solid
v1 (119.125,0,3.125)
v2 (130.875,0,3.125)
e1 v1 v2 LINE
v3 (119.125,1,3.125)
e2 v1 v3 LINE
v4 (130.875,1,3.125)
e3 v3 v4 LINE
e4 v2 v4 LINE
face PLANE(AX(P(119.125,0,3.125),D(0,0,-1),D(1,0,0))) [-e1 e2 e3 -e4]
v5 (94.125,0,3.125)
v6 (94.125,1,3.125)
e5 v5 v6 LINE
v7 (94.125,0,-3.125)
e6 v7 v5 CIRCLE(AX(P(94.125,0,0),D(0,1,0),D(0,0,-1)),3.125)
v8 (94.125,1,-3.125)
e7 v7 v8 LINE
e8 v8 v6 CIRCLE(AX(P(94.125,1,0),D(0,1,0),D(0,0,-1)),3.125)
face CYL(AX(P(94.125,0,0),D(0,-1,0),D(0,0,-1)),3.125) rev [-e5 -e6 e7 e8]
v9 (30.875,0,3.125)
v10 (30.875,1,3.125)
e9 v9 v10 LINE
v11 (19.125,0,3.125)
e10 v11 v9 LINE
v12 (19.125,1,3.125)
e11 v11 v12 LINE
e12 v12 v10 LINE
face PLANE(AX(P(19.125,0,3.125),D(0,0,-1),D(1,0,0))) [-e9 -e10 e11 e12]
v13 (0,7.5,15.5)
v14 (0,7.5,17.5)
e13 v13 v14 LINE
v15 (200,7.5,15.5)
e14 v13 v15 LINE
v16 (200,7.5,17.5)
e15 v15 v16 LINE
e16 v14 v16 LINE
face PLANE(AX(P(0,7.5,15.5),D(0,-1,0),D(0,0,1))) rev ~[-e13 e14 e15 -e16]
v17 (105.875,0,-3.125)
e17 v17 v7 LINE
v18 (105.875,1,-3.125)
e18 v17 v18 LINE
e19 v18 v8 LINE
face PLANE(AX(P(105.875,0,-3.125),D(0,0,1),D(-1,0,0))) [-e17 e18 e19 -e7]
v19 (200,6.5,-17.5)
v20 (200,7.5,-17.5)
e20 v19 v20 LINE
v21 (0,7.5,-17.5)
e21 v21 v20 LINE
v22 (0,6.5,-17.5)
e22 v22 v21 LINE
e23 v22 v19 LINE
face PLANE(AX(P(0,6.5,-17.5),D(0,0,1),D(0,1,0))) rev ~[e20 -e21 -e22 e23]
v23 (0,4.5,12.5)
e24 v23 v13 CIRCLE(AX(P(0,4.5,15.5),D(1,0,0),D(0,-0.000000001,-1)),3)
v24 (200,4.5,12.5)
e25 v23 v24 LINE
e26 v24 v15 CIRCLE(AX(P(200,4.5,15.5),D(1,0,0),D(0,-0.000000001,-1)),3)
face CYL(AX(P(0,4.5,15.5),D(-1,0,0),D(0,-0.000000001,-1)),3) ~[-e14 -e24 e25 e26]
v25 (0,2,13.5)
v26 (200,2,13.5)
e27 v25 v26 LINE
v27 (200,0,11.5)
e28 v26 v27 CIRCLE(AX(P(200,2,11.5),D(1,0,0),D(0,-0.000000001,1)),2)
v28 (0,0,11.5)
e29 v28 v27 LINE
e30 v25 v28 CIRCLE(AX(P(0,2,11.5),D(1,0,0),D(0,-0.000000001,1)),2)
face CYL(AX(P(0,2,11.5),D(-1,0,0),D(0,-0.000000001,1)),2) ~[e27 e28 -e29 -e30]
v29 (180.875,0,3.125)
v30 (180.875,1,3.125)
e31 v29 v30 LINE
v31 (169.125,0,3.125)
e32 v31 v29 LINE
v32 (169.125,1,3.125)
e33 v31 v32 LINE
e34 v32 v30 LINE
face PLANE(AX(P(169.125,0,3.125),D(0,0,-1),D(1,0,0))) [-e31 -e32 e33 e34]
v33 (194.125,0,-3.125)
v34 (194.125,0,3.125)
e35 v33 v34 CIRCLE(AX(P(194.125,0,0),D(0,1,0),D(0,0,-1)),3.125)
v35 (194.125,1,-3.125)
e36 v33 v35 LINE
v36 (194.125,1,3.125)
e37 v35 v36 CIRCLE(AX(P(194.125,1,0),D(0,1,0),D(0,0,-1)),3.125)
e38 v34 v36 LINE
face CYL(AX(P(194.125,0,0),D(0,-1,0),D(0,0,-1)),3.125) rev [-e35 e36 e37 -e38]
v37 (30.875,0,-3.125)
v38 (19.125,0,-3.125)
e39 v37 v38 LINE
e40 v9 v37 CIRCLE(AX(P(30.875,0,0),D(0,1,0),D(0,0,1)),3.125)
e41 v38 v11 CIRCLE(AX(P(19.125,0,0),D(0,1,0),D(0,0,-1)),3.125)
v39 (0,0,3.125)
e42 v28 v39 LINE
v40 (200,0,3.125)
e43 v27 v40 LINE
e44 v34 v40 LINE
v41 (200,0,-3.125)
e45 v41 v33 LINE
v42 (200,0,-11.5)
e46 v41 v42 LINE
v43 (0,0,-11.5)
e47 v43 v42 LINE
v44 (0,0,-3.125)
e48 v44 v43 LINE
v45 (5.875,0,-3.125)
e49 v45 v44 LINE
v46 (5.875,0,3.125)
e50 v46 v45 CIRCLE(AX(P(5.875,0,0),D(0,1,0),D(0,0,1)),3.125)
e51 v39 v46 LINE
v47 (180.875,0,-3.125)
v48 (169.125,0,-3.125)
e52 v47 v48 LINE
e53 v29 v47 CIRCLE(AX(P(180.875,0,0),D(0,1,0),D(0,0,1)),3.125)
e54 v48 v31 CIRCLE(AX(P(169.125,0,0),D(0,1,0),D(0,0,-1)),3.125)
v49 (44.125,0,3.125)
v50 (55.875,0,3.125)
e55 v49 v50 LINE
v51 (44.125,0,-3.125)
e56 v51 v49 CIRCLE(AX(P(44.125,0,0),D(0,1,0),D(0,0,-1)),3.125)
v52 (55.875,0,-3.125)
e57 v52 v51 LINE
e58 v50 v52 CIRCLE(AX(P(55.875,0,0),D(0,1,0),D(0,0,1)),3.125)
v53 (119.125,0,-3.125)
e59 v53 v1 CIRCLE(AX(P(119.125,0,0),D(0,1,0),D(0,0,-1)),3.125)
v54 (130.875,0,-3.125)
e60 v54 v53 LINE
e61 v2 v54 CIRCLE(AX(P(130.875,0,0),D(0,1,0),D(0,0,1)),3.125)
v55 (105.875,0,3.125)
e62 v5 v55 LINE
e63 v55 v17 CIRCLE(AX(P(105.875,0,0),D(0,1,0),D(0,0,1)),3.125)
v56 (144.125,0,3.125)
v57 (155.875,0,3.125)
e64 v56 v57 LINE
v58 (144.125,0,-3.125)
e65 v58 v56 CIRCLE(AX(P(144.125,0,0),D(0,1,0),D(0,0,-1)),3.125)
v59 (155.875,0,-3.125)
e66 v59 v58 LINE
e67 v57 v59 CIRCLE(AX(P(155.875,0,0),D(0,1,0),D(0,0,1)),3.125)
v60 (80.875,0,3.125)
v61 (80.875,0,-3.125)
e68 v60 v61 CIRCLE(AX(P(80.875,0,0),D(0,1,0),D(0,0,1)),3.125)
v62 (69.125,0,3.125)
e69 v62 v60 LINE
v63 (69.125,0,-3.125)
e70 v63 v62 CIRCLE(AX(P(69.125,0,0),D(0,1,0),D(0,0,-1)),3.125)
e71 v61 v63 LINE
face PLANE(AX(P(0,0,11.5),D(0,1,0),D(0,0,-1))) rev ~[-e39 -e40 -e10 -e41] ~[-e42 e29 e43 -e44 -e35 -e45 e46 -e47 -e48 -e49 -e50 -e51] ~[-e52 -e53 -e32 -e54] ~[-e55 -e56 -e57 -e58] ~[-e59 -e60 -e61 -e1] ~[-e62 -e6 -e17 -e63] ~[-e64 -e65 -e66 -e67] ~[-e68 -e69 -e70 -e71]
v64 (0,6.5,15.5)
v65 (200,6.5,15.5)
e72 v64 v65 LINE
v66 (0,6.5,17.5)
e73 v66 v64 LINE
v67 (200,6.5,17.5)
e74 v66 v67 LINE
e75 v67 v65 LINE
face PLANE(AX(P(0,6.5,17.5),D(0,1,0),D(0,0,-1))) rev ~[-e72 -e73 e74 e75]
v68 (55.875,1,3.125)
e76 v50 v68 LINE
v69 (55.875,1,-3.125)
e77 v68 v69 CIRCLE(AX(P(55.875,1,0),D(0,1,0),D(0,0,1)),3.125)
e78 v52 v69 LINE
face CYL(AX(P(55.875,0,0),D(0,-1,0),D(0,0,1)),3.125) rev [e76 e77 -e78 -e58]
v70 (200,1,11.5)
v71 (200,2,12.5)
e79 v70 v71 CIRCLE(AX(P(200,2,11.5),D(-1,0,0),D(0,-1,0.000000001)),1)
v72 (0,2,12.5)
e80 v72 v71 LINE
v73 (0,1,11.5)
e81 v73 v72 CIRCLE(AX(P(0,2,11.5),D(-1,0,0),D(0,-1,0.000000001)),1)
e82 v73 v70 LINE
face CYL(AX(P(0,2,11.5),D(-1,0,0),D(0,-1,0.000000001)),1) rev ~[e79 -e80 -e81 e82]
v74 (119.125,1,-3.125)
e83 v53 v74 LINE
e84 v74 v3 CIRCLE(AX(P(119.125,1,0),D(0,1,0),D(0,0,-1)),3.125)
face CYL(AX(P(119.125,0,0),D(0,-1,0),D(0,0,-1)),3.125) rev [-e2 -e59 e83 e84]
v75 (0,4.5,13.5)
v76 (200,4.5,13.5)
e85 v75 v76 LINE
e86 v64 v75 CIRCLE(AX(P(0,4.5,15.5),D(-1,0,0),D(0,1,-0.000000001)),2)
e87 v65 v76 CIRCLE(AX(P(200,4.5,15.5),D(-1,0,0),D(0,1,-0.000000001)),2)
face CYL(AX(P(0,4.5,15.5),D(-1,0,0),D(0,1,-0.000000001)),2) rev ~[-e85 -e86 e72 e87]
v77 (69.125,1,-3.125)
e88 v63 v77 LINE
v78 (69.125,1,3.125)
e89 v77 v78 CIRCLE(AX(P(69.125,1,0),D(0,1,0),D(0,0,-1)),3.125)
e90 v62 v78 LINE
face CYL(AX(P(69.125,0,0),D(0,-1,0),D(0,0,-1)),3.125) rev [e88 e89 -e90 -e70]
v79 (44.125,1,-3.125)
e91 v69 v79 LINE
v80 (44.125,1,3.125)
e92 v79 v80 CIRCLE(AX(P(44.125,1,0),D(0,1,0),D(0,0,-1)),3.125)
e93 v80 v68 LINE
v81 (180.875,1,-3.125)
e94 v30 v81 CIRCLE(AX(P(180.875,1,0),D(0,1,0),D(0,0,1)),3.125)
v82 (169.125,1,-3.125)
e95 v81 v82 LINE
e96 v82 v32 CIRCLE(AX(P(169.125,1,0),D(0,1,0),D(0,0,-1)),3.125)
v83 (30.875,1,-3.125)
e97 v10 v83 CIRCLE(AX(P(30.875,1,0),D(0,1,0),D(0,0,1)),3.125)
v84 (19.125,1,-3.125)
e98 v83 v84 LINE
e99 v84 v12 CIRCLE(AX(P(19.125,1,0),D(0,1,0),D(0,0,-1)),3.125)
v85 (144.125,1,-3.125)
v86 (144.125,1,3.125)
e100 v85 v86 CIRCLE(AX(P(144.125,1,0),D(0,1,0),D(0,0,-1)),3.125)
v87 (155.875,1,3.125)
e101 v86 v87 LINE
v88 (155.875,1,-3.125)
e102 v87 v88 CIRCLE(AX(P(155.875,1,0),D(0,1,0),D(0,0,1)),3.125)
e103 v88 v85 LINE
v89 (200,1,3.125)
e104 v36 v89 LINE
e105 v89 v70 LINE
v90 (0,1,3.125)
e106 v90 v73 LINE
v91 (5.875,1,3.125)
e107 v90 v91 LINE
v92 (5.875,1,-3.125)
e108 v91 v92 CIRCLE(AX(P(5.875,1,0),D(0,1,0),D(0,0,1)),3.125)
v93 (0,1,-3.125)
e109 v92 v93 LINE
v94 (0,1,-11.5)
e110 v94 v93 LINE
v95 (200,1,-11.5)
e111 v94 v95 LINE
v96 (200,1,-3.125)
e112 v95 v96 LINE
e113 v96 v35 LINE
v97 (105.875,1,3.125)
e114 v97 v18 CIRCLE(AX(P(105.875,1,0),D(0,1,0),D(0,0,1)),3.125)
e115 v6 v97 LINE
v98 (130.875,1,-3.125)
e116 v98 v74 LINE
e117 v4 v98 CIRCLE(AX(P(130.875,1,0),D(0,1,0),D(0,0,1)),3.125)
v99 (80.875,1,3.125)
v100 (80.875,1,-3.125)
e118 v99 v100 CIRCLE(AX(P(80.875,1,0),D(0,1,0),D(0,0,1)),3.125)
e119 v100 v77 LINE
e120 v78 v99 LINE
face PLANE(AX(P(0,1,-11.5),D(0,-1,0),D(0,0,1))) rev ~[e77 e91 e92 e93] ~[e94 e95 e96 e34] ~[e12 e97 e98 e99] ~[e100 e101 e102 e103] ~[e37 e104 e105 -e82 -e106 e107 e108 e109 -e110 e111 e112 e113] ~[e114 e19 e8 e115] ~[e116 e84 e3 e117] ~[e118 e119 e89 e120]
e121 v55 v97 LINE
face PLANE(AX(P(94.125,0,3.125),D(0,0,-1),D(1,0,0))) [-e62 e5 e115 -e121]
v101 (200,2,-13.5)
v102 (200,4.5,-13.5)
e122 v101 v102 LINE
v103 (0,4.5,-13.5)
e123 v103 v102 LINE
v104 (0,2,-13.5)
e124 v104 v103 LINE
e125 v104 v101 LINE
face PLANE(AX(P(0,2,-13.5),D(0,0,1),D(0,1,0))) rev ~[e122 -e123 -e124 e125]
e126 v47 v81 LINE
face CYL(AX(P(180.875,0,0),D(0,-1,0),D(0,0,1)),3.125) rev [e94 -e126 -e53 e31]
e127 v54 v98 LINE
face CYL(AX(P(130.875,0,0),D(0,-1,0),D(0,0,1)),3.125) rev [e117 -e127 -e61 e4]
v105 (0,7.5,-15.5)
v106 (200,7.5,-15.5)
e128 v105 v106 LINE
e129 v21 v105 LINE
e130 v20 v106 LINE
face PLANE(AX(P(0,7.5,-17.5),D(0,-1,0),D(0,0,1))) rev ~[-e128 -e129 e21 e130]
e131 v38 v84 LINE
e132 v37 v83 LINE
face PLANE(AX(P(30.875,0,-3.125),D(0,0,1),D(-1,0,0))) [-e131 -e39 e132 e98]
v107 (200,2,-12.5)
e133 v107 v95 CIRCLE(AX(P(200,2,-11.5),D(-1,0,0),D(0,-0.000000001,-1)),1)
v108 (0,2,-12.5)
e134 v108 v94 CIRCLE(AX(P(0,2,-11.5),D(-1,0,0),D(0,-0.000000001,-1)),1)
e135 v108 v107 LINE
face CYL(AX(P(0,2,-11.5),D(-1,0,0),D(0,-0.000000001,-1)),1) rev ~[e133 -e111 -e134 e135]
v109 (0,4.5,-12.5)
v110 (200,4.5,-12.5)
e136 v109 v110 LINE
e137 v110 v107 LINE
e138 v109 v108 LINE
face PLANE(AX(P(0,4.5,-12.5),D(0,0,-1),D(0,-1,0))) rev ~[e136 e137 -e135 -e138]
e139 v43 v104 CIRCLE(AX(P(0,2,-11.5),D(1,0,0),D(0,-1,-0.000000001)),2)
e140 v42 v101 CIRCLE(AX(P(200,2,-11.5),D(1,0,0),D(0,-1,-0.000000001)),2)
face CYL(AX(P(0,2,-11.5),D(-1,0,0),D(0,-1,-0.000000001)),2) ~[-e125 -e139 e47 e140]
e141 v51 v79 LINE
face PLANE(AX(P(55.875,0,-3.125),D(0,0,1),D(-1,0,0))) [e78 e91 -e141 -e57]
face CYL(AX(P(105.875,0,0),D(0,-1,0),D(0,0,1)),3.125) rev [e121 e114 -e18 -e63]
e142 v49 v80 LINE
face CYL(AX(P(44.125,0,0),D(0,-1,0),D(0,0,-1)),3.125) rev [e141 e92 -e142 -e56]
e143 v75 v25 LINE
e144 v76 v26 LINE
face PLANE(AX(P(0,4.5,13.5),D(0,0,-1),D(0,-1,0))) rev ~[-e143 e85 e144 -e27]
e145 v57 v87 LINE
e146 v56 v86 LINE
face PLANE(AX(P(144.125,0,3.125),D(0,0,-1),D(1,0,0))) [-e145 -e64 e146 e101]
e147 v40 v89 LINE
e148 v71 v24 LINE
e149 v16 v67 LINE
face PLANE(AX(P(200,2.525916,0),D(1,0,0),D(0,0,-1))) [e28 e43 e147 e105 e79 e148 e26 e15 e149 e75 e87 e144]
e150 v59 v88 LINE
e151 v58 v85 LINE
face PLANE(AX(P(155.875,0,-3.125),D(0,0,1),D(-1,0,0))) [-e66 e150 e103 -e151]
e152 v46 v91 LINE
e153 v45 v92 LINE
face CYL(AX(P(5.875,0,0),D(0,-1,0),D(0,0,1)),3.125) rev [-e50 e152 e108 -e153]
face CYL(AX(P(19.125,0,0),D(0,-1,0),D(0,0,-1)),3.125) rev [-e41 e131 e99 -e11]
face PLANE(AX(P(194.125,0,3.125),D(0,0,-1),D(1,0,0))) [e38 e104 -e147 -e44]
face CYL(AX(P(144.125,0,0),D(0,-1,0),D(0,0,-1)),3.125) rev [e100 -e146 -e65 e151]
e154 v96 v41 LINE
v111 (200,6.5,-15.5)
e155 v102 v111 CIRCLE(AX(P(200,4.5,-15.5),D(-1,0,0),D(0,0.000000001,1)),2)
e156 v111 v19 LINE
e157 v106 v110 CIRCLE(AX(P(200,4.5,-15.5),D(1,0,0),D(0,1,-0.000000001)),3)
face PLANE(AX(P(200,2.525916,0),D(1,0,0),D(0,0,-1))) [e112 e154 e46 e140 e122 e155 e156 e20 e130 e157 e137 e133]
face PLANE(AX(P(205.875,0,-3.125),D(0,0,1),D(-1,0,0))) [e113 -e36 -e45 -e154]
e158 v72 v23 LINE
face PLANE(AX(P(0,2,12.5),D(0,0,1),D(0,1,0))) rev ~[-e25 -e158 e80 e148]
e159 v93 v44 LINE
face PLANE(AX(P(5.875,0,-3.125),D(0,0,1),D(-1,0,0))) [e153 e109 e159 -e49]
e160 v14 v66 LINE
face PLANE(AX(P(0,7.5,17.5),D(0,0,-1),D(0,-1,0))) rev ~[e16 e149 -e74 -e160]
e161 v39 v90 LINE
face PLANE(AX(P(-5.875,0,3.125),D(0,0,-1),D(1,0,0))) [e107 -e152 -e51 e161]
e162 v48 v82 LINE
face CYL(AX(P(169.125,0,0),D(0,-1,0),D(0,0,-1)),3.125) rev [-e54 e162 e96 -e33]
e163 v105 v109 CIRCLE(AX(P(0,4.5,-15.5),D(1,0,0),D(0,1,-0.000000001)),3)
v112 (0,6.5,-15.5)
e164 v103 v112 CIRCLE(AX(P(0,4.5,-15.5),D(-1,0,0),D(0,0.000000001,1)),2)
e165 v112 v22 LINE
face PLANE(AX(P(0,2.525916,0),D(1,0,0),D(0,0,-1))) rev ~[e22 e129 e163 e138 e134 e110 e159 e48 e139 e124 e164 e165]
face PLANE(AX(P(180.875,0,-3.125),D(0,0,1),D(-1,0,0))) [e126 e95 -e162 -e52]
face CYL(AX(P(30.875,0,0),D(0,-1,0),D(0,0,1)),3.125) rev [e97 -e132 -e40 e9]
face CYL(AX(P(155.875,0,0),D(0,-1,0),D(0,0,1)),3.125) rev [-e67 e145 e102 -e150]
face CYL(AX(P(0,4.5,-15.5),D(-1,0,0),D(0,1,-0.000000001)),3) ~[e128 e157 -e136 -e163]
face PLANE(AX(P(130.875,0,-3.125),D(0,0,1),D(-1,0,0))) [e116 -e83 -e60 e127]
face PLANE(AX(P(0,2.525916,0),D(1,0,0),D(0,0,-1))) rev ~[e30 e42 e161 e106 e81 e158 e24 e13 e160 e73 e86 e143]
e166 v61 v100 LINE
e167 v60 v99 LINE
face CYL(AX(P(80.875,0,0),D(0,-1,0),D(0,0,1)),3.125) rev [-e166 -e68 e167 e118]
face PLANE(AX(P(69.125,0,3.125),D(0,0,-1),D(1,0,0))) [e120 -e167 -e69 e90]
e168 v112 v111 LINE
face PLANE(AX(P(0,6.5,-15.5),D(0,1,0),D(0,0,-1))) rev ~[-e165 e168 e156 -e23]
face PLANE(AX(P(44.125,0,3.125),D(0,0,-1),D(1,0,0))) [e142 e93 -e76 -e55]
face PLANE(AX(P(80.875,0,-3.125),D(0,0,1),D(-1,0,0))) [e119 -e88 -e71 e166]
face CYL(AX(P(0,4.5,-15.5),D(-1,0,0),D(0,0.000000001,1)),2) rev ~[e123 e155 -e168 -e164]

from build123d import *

# Parameters (mm, degrees)
EXTRUDE_THIN1_DEPTH = 200
CUT_EXTRUDE1_DEPTH  = 1
LPATTERN1_COUNT     = 9
LPATTERN1_PITCH     = 25


with BuildPart() as part:
    # Sketch1 → Extrude-Thin1 (new body)
    with BuildSketch(Plane(origin=(0, 0, 0), x_dir=(0, 0, -1), z_dir=(1, 0, 0))):
        with BuildLine():
            Line((-17.5, 6.5), (-15.5, 6.5))
            ThreePointArc((-15.5, 6.5), (-14.085786438, 5.914213562), (-13.5, 4.5))
            Line((-13.5, 4.5), (-13.5, 2))
            ThreePointArc((-13.5, 2), (-12.914213562, 0.585786438), (-11.5, 0))
            Line((-11.5, 0), (11.5, 0))
            ThreePointArc((11.5, 0), (12.914213562, 0.585786438), (13.5, 2))
            Line((13.5, 2), (13.5, 4.5))
            ThreePointArc((13.5, 4.5), (14.085786438, 5.914213562), (15.5, 6.5))
            Line((15.5, 6.5), (17.5, 6.5))
            Line((17.5, 6.5), (17.5, 7.5))
            Line((17.5, 7.5), (15.5, 7.5))
            ThreePointArc((15.5, 7.5), (13.378679656, 6.621320344), (12.5, 4.5))
            Line((12.5, 4.5), (12.5, 2))
            ThreePointArc((12.5, 2), (12.207106781, 1.292893219), (11.5, 1))
            Line((11.5, 1), (-11.5, 1))
            ThreePointArc((-11.5, 1), (-12.207106781, 1.292893219), (-12.5, 2))
            Line((-12.5, 2), (-12.5, 4.5))
            ThreePointArc((-12.5, 4.5), (-13.378679656, 6.621320344), (-15.5, 7.5))
            Line((-15.5, 7.5), (-17.5, 7.5))
            Line((-17.5, 7.5), (-17.5, 6.5))
        make_face()
    extrude(amount=EXTRUDE_THIN1_DEPTH)

    # Sketch2 → Cut-Extrude1 (cut)
    with BuildSketch(Plane.XZ):
        with BuildLine():
            Line((-5.875, 3.125), (5.875, 3.125))
            ThreePointArc((5.875, 3.125), (9, 0), (5.875, -3.125))
            Line((5.875, -3.125), (-5.875, -3.125))
            ThreePointArc((-5.875, -3.125), (-9, 0), (-5.875, 3.125))
        make_face()
    cut_extrude1 = extrude(amount=-CUT_EXTRUDE1_DEPTH, mode=Mode.SUBTRACT)

    # LPattern1: Cut-Extrude1 ×9
    with Locations(*[(i * LPATTERN1_PITCH, 0, 0) for i in range(1, LPATTERN1_COUNT)]):
        add(cut_extrude1, mode=Mode.SUBTRACT)


solid = part.part
